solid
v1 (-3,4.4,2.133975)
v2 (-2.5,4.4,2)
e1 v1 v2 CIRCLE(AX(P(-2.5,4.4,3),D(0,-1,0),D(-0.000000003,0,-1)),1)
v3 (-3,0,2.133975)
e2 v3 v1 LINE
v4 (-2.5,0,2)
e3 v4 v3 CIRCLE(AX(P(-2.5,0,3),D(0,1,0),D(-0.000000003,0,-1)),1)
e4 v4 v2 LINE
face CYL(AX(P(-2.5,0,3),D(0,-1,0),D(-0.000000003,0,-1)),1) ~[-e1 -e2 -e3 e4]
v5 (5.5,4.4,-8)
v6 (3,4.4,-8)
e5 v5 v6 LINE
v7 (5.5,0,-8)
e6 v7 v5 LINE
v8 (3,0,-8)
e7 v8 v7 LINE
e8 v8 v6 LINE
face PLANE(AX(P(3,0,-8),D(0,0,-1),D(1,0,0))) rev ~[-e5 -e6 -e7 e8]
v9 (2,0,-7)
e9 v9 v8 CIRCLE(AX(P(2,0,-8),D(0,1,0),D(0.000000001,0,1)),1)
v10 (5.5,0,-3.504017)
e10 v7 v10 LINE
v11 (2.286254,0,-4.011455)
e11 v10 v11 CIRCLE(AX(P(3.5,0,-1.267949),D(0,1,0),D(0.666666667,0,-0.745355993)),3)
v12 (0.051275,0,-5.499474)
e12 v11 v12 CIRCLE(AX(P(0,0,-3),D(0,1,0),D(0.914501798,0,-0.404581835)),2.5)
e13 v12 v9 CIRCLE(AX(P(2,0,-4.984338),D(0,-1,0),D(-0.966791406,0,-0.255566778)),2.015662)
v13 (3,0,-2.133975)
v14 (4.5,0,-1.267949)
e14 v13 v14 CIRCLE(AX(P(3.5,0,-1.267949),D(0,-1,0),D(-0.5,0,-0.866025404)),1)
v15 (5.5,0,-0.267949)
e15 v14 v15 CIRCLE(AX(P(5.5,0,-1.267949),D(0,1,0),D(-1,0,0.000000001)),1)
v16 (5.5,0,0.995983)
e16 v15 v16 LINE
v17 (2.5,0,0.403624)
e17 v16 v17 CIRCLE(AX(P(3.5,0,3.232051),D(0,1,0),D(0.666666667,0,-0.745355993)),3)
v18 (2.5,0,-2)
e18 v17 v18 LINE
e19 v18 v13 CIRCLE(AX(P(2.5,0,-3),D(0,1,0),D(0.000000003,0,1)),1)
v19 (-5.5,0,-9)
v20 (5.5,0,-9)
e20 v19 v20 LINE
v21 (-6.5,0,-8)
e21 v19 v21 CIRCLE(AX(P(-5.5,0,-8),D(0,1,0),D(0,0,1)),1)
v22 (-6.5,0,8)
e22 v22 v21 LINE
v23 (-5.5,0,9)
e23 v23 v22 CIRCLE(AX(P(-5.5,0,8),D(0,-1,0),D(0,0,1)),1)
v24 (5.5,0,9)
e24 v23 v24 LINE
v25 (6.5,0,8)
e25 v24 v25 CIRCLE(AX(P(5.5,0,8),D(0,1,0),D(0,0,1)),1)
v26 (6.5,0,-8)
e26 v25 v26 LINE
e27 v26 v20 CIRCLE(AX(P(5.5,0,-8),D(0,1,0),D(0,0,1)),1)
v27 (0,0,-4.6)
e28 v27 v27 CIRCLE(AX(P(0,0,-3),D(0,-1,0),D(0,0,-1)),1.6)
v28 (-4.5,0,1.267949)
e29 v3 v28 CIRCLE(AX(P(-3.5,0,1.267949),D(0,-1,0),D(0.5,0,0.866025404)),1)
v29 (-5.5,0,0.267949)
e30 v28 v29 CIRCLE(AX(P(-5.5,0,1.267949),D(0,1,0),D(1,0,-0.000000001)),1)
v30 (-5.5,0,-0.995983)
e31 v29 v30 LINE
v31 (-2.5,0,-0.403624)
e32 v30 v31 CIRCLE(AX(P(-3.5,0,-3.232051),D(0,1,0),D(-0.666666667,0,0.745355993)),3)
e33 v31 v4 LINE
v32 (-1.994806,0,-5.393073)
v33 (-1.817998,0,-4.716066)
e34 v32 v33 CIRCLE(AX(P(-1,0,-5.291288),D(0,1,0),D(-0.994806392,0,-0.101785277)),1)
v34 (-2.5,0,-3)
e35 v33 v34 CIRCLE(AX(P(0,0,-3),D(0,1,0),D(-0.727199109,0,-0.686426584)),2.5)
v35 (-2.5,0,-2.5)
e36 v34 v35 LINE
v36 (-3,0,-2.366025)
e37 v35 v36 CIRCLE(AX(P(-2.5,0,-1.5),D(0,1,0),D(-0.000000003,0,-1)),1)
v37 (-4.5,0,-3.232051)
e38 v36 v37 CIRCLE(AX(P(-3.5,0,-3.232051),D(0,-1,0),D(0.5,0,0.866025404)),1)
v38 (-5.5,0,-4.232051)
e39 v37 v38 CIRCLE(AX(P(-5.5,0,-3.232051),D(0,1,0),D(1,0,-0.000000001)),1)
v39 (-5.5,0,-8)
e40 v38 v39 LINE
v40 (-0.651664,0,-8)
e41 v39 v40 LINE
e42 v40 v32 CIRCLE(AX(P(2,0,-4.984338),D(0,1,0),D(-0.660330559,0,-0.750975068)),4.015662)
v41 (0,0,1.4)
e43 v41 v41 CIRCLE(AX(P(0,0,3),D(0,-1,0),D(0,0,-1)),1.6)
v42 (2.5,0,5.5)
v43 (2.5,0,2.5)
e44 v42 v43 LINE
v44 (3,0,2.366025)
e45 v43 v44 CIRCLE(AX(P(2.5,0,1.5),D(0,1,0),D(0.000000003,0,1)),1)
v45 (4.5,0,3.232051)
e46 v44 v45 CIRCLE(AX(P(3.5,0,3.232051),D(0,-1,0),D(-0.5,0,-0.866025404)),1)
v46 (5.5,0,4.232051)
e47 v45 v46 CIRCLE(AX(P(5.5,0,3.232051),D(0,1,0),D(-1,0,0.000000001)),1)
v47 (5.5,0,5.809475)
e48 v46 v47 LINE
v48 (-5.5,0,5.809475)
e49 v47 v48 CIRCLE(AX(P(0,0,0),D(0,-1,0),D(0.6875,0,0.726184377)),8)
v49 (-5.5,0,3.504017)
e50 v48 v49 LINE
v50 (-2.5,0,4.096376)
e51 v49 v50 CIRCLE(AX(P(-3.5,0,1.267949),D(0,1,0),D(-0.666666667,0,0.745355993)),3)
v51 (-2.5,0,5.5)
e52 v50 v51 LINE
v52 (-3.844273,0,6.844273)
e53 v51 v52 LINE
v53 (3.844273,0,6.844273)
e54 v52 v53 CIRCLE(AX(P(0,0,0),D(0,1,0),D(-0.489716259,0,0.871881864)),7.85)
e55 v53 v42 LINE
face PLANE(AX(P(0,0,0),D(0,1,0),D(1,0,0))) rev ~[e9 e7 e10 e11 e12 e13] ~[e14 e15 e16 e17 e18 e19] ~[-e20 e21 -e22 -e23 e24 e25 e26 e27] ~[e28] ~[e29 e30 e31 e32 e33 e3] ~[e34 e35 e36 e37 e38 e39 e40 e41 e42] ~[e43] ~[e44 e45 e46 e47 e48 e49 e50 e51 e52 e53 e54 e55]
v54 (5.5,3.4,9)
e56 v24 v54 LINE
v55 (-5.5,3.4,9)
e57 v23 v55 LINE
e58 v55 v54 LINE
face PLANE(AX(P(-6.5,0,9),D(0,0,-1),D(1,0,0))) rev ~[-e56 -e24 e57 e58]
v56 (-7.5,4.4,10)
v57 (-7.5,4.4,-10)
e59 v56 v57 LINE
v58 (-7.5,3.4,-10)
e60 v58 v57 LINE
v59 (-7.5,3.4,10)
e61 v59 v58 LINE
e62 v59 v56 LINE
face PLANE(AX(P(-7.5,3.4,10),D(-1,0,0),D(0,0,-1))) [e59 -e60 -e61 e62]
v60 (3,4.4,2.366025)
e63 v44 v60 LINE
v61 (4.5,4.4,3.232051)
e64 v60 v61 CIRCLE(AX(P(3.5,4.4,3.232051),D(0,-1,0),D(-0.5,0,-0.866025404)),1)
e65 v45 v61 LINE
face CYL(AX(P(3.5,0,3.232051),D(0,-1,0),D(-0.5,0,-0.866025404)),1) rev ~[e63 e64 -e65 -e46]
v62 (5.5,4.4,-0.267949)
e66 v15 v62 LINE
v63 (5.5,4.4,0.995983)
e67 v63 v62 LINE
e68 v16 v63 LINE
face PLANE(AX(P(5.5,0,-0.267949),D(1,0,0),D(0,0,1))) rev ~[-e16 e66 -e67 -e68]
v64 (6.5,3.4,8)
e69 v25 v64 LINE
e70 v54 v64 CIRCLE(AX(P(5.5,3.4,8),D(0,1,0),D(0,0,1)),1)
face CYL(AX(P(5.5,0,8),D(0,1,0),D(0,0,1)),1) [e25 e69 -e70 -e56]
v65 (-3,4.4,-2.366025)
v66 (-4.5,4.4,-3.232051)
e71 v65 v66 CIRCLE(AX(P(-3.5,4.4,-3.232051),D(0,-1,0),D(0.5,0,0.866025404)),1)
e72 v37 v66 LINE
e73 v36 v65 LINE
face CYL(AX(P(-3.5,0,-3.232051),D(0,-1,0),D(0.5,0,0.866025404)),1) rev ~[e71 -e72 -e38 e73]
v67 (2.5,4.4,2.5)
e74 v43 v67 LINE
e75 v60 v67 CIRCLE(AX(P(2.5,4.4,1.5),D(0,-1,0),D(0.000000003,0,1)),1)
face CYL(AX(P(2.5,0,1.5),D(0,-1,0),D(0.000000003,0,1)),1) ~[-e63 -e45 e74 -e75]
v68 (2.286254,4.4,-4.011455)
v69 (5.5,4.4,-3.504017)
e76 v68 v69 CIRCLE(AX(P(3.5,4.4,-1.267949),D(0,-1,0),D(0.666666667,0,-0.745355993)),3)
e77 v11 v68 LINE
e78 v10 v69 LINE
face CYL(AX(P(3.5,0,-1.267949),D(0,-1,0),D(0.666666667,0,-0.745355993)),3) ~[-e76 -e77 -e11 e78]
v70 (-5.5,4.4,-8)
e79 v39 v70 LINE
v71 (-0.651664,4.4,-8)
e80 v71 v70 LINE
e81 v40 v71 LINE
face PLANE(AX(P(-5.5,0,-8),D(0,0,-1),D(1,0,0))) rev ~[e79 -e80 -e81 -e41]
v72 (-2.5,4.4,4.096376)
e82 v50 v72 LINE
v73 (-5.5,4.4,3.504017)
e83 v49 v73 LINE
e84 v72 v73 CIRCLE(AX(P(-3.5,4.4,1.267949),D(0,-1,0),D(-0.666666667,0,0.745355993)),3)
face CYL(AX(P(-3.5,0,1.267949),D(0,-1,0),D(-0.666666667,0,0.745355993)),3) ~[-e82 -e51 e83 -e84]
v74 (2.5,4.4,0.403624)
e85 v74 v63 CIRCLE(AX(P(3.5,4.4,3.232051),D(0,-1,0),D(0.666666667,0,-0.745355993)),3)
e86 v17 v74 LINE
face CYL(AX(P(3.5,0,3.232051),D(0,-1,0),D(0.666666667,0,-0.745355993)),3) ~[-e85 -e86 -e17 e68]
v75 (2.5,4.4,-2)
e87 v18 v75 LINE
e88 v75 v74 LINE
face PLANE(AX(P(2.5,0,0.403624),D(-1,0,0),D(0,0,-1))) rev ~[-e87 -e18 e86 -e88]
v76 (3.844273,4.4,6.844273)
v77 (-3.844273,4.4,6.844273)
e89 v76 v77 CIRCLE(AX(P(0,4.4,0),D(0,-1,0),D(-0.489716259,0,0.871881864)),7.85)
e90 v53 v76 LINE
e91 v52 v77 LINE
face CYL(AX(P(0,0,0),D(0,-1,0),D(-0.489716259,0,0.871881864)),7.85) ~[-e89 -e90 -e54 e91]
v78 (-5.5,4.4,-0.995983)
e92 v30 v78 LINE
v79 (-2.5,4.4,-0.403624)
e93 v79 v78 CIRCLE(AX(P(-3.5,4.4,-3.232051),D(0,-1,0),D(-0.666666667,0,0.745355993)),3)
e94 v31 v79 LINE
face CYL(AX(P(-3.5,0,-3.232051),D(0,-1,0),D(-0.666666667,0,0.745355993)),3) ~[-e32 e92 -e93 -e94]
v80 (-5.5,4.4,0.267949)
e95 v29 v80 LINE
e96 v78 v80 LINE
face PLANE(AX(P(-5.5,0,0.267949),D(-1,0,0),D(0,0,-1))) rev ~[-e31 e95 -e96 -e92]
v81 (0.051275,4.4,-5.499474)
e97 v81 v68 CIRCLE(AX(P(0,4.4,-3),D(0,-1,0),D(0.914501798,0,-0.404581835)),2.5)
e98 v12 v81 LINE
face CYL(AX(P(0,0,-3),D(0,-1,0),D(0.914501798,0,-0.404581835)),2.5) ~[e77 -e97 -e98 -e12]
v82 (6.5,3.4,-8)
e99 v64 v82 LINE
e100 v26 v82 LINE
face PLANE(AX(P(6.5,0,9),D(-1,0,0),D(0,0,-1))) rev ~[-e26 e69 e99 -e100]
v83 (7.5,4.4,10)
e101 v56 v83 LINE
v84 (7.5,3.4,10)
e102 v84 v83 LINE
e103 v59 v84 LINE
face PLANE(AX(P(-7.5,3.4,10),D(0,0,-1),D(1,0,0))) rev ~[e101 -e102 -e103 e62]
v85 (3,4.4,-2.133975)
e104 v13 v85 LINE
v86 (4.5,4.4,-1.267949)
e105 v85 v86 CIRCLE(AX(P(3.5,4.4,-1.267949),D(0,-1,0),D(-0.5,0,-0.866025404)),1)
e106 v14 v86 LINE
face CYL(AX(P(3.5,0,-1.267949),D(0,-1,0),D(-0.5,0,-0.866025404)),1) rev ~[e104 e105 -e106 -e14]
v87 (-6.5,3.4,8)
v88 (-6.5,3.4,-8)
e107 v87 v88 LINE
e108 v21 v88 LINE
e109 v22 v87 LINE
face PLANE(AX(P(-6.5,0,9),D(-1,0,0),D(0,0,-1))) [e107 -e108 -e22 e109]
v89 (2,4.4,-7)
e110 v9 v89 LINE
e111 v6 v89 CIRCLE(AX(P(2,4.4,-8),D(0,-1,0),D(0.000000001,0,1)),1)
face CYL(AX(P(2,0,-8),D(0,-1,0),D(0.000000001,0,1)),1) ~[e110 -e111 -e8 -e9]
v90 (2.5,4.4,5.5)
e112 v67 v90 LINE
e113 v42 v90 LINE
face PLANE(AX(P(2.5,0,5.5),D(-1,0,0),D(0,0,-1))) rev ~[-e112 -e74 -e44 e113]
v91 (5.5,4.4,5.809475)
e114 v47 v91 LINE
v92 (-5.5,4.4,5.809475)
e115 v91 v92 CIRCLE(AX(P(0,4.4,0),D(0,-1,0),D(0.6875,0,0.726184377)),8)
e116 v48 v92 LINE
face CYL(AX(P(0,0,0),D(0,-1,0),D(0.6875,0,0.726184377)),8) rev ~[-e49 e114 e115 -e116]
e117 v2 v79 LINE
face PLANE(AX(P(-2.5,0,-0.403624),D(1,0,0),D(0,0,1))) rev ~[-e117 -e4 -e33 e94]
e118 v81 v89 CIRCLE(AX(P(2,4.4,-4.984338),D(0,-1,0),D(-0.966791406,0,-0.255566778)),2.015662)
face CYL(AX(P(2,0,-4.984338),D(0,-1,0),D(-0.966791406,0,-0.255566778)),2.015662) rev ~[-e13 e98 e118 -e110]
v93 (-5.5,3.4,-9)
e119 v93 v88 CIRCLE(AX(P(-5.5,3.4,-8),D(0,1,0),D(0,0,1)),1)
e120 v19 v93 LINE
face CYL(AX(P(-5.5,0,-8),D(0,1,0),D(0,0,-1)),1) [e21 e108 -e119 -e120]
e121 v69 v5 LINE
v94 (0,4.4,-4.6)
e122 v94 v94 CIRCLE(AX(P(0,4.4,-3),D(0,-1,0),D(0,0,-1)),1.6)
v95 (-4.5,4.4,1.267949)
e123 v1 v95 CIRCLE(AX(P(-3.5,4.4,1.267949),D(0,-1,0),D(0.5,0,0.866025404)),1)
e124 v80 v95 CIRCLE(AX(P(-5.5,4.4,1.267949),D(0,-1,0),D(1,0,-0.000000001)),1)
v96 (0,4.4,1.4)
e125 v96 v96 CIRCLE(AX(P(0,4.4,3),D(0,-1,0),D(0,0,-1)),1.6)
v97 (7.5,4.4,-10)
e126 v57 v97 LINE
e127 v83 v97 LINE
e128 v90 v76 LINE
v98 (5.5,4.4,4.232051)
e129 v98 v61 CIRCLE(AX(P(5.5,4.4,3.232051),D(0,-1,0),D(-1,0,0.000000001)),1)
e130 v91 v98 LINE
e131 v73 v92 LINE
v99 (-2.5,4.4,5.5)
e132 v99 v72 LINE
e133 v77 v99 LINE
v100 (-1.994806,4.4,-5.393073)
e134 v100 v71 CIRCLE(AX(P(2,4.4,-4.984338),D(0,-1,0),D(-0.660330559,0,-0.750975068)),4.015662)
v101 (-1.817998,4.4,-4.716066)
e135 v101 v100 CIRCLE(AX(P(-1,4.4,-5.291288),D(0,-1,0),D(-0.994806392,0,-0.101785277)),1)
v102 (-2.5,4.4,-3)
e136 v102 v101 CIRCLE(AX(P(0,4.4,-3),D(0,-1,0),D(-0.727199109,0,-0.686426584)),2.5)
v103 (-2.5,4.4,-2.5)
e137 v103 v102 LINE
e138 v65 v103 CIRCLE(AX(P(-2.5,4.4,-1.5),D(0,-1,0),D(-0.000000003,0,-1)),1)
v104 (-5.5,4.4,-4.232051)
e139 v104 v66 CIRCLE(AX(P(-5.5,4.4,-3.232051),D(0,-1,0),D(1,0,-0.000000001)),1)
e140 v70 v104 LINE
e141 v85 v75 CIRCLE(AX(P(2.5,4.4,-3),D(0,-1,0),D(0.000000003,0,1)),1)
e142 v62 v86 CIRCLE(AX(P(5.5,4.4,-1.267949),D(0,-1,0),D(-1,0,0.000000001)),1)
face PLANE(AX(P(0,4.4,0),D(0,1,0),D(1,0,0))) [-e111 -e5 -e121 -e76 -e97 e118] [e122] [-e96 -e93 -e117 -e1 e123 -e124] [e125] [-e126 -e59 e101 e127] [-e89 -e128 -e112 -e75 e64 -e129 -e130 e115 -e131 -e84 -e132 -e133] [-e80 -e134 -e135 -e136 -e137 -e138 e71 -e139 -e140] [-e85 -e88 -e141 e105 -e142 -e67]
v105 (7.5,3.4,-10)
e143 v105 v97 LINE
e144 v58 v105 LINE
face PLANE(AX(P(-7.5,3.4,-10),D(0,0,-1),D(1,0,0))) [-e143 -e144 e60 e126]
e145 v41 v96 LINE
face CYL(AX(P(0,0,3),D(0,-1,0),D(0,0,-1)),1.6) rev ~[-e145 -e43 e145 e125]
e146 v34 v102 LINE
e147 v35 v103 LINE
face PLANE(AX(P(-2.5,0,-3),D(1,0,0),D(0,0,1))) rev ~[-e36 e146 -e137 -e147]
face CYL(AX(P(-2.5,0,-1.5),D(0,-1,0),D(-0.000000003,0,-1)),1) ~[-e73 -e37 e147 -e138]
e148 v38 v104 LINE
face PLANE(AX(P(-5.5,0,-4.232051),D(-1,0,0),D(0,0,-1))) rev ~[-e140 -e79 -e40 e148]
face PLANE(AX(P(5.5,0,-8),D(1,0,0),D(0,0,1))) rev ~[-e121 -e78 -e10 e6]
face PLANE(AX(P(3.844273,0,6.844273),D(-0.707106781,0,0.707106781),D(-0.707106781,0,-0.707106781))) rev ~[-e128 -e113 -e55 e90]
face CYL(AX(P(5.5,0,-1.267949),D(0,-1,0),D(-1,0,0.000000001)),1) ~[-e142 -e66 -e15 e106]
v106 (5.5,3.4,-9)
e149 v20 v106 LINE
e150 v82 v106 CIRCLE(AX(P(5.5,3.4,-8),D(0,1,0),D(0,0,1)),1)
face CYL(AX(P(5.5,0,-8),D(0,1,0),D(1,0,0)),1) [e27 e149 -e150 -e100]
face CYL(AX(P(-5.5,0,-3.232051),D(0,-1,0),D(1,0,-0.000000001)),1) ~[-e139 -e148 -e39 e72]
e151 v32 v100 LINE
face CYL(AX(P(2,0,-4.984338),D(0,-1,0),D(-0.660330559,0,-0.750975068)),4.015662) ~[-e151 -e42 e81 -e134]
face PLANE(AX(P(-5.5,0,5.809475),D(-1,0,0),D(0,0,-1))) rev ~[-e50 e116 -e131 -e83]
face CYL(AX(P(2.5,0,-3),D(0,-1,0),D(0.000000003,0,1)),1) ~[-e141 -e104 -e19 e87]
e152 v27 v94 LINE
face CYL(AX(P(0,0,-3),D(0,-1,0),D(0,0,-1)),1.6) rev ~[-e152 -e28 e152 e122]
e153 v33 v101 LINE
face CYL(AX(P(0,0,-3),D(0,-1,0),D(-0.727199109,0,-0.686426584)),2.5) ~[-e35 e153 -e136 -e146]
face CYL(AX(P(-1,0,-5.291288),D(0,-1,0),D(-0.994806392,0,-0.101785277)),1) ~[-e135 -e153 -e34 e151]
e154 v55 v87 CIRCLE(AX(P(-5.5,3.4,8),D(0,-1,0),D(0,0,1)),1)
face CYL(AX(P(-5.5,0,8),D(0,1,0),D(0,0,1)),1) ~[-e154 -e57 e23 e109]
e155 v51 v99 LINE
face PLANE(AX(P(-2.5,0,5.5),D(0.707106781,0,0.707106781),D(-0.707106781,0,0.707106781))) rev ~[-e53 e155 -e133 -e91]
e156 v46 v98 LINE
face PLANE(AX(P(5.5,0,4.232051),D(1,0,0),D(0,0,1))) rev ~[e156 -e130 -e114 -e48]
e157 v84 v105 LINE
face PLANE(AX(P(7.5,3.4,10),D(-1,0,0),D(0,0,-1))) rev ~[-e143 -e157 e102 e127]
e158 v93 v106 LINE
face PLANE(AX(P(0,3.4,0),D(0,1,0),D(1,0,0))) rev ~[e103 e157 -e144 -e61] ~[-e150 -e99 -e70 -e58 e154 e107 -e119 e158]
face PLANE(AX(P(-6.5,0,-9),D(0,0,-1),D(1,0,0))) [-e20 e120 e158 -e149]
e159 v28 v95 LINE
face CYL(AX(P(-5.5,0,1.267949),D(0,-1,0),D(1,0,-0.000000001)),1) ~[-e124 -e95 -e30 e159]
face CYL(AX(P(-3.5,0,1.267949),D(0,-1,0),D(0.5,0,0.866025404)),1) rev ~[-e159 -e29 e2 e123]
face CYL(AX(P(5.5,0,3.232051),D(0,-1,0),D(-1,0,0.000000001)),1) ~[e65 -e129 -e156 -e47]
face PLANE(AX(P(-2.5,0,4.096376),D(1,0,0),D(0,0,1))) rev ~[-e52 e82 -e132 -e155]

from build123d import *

# Parameters (mm, degrees)
SKETCH1_W           = 13
SKETCH1_H           = 18
BOSS_EXTRUDE1_DEPTH = 3.4
SKETCH2_W           = 15
SKETCH2_H           = 20
BOSS_EXTRUDE2_DEPTH = 1
SKETCH4_R           = 1.6
CUT_EXTRUDE2_DEPTH  = 14.251792332
FILLET1_R           = 1


with BuildPart() as part:
    # Sketch1 → Boss-Extrude1 (new body)
    with BuildSketch(Plane(origin=(0, 0, 0), x_dir=(1, 0, 0), z_dir=(0, 1, 0))):
        Rectangle(SKETCH1_W, SKETCH1_H)
    extrude(amount=BOSS_EXTRUDE1_DEPTH)

    # Sketch2 → Boss-Extrude2 (add)
    with BuildSketch(Plane(origin=(0, 3.4, 0), x_dir=(1, 0, 0), z_dir=(0, 1, 0))):
        Rectangle(SKETCH2_W, SKETCH2_H)
    extrude(amount=BOSS_EXTRUDE2_DEPTH)

    # Sketch4 → Cut-Extrude2 (cut, through all)
    with BuildSketch(Plane.XZ):
        with BuildLine():
            Line((-2.5, 5.5), (-3.844272635, 6.844272635))
            ThreePointArc((-3.844272635, 6.844272635), (0, 7.85), (3.844272635, 6.844272635))
            Line((3.844272635, 6.844272635), (2.5, 5.5))
            Line((2.5, 5.5), (2.5, 2.5))
            ThreePointArc((2.5, 2.5), (2.758819045, 2.465925826), (3, 2.366025404))
            ThreePointArc((3, 2.366025404), (4, 2.366025404), (4.5, 3.232050808))
            ThreePointArc((4.5, 3.232050808), (4.792893219, 3.939157589), (5.5, 4.232050808))
            Line((5.5, 4.232050808), (5.5, 5.809475019))
            ThreePointArc((5.5, 5.809475019), (0, 8), (-5.5, 5.809475019))
            Line((-5.5, 5.809475019), (-5.5, 3.50401717))
            ThreePointArc((-5.5, 3.50401717), (-4.08113883, 4.211123951), (-2.5, 4.096376317))
            Line((-2.5, 4.096376317), (-2.5, 5.5))
        make_face()
        with BuildLine():
            Line((-2.5, -0.403623683), (-2.5, 2))
            ThreePointArc((-2.5, 2), (-2.758819045, 2.034074174), (-3, 2.133974596))
            ThreePointArc((-3, 2.133974596), (-4, 2.133974596), (-4.5, 1.267949192))
            ThreePointArc((-4.5, 1.267949192), (-4.792893219, 0.560842411), (-5.5, 0.267949192))
            Line((-5.5, 0.267949192), (-5.5, -0.99598283))
            ThreePointArc((-5.5, -0.99598283), (-4.08113883, -0.288876049), (-2.5, -0.403623683))
        make_face()
        with Locations(Location((0, 3, 0), (0, 0, 270))):
            Circle(SKETCH4_R)
        with BuildLine():
            ThreePointArc((5.5, 0.99598283), (4.08113883, 0.288876049), (2.5, 0.403623683))
            Line((2.5, 0.403623683), (2.5, -2))
            ThreePointArc((2.5, -2), (2.758819045, -2.034074174), (3, -2.133974596))
            ThreePointArc((3, -2.133974596), (4, -2.133974596), (4.5, -1.267949192))
            ThreePointArc((4.5, -1.267949192), (4.792893219, -0.560842411), (5.5, -0.267949192))
            Line((5.5, -0.267949192), (5.5, 0.99598283))
        make_face()
        with BuildLine():
            Line((-2.5, -3), (-2.5, -2.5))
            ThreePointArc((-2.5, -2.5), (-2.758819045, -2.465925826), (-3, -2.366025404))
            ThreePointArc((-3, -2.366025404), (-4, -2.366025404), (-4.5, -3.232050808))
            ThreePointArc((-4.5, -3.232050808), (-4.792893219, -3.939157589), (-5.5, -4.232050808))
            Line((-5.5, -4.232050808), (-5.5, -8))
            Line((-5.5, -8), (-0.651664446, -8))
            ThreePointArc((-0.651664446, -8), (-1.569721359, -6.823531152), (-1.994806392, -5.393073127))
            ThreePointArc((-1.994806392, -5.393073127), (-1.967548056, -5.03860077), (-1.817997773, -4.716066461))
            ThreePointArc((-1.817997773, -4.716066461), (-2.323251432, -3.923310773), (-2.5, -3))
        make_face()
        with BuildLine():
            ThreePointArc((5.5, -3.50401717), (3.967891244, -4.231237532), (2.286254496, -4.011454587))
            ThreePointArc((2.286254496, -4.011454587), (1.385482489, -5.080970512), (0.051275139, -5.499474117))
            ThreePointArc((0.051275139, -5.499474117), (0.77025343, -6.581403062), (2, -7))
            ThreePointArc((2, -7), (2.707106781, -7.292893219), (3, -8))
            Line((3, -8), (5.5, -8))
            Line((5.5, -8), (5.5, -3.50401717))
        make_face()
        with Locations(Location((0, -3, 0), (0, 0, 270))):
            Circle(SKETCH4_R)
    extrude(amount=-CUT_EXTRUDE2_DEPTH, mode=Mode.SUBTRACT)

    # Fillet1
    fillet1_edges = [part.edges().sort_by_distance(p)[0] for p in [
        (6.5, 1.7, 9),
        (-6.5, 1.7, 9),
        (-6.5, 1.7, -9),
        (6.5, 1.7, -9),
    ]]
    fillet(fillet1_edges, radius=FILLET1_R)


solid = part.part
